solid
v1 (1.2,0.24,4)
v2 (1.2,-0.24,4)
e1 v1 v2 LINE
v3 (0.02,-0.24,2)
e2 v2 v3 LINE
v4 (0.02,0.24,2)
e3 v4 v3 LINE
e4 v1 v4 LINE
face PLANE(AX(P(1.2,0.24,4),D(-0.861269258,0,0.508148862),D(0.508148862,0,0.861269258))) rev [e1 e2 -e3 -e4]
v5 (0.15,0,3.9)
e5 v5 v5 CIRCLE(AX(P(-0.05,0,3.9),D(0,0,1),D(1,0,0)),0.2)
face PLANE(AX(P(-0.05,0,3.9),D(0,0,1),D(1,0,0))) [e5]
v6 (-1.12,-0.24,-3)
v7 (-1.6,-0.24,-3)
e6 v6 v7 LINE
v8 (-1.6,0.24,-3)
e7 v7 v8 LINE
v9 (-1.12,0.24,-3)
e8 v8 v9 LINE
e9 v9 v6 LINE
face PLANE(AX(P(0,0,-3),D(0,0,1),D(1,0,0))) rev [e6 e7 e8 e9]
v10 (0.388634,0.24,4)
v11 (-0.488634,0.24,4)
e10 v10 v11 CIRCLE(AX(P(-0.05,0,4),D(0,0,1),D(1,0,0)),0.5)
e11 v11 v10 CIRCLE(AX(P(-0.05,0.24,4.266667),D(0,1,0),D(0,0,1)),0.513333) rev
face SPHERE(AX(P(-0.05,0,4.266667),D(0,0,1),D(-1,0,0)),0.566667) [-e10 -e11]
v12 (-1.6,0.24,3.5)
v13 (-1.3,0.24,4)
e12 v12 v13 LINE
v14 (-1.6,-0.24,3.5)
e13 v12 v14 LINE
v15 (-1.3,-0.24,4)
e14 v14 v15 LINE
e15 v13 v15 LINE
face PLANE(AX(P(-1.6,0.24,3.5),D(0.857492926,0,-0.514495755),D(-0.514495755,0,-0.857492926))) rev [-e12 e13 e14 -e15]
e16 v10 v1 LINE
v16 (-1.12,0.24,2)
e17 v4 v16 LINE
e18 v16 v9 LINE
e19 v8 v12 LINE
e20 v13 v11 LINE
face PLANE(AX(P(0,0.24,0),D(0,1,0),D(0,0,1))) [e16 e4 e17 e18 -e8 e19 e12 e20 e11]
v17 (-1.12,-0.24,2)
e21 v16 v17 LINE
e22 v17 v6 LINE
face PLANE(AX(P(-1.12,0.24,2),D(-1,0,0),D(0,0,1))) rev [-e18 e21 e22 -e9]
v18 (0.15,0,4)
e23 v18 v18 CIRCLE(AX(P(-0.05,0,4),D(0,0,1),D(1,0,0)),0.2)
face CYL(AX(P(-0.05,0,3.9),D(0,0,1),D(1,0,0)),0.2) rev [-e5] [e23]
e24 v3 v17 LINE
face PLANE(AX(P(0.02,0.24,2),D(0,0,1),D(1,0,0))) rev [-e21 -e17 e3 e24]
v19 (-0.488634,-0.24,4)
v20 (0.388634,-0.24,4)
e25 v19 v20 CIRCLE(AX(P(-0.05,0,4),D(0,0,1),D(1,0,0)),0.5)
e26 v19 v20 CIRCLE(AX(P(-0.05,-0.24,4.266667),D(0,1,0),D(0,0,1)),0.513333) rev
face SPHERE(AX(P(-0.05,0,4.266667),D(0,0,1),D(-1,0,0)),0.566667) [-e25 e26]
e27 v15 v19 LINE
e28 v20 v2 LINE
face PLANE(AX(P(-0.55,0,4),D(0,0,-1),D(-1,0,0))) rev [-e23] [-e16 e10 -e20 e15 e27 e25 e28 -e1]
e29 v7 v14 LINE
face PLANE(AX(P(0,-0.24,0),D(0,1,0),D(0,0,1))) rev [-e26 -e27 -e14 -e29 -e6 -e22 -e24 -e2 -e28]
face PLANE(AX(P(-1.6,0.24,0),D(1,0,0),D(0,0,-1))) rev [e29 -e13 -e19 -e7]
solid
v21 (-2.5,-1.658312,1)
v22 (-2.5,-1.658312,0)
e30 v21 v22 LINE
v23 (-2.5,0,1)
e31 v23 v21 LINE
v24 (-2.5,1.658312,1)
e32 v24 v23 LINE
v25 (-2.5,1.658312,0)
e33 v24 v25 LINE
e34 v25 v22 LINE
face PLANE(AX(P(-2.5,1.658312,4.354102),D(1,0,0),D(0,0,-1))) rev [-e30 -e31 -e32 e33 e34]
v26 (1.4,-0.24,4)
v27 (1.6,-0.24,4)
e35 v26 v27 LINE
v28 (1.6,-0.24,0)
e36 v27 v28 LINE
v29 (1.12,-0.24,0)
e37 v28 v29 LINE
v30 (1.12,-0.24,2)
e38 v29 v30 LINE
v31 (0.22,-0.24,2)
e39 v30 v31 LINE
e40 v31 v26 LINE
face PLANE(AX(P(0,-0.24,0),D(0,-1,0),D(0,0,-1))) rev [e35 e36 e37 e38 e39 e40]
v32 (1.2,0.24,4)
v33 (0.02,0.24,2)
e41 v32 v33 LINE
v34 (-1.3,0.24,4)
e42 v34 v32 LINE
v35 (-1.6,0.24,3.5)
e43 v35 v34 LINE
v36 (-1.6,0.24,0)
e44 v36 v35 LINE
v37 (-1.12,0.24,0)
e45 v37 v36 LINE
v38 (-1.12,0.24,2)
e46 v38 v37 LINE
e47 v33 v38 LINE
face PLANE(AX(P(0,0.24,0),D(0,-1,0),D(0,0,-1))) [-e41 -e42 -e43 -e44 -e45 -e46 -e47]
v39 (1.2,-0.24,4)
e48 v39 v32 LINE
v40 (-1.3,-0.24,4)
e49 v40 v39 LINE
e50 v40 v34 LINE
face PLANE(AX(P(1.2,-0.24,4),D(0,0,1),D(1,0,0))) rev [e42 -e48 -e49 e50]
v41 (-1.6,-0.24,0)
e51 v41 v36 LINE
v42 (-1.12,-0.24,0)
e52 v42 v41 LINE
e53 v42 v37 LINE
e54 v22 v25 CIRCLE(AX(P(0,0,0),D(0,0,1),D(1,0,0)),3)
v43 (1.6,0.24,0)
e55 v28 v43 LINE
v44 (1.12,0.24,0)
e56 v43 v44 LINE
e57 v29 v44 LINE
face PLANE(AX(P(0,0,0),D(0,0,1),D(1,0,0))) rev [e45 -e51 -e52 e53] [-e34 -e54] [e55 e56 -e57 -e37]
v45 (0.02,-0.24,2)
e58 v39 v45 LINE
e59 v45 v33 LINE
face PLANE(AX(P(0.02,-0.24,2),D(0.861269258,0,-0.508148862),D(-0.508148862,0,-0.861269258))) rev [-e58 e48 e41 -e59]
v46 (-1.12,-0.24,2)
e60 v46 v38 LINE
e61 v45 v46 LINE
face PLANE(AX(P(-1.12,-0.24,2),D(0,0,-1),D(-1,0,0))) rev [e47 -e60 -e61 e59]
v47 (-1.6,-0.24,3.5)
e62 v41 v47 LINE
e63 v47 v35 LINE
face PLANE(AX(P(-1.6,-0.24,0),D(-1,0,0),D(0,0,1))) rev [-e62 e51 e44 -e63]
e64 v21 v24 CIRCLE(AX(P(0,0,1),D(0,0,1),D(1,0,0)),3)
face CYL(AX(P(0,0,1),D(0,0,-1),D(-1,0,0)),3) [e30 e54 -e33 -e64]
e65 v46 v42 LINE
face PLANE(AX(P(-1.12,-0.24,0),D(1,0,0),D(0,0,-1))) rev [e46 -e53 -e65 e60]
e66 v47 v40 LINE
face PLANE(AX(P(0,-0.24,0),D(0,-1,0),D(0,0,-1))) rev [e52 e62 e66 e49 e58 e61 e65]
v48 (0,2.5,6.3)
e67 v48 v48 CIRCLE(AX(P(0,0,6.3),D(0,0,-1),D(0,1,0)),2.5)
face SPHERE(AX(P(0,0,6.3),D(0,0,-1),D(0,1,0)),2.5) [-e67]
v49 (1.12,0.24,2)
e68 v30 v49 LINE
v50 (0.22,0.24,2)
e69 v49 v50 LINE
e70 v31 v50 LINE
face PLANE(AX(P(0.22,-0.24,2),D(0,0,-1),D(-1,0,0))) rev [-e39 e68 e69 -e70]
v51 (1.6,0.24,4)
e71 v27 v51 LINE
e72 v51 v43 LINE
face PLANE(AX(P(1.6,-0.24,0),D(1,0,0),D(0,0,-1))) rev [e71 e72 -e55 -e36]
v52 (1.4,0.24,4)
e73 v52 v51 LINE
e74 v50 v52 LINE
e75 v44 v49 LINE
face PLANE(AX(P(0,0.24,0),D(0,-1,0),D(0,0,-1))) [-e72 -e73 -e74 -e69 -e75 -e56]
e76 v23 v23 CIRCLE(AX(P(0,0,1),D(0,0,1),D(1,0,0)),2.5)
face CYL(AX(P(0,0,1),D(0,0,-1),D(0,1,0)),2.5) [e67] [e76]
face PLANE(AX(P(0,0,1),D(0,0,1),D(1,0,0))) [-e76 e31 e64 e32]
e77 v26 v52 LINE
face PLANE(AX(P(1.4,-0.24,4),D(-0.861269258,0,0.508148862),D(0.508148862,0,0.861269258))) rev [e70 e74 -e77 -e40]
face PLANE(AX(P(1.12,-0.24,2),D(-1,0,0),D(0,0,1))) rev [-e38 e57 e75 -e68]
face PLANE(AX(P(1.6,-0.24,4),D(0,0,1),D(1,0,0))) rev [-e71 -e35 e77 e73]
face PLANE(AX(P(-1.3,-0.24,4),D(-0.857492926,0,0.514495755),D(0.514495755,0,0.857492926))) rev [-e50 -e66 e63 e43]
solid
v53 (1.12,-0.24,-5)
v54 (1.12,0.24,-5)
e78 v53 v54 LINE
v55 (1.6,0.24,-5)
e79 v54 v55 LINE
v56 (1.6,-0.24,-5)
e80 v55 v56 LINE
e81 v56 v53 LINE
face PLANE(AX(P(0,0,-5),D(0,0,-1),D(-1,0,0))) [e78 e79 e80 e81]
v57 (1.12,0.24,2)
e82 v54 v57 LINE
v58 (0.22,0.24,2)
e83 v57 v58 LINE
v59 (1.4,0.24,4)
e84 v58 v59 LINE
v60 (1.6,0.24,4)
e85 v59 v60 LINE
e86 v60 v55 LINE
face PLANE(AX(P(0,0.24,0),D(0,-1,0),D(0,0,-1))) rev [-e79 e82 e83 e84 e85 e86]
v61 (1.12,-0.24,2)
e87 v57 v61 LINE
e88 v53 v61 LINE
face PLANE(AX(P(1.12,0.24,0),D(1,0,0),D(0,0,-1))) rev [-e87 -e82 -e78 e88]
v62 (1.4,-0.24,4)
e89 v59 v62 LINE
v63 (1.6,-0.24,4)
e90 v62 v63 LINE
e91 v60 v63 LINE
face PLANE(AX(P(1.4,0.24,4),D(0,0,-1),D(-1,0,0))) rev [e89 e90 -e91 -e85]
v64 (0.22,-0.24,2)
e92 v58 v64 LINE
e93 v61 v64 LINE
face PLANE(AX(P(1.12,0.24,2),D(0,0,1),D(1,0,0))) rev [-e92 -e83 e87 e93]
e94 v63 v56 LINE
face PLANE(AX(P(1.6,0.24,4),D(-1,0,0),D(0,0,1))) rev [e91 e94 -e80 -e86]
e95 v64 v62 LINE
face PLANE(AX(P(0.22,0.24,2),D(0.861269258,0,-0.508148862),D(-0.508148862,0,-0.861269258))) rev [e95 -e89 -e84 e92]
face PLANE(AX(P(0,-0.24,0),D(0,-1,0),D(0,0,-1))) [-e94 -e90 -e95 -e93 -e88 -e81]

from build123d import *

# Parameters (mm, degrees)
ESBO_O1_R                  = 3
RESSALTO_EXTRUS_O1_DEPTH   = 1
CORTE_EXTRUS_O1_DEPTH      = 1
ESBO_O5_W                  = 0.48
ESBO_O5_H                  = 0.48
RESSALTO_EXTRUS_O2_DEPTH   = 3
RESSALTO_EXTRUS_O2_2_DEPTH = 3
ESBO_O6_W                  = 0.48
ESBO_O6_H                  = 0.48
RESSALTO_EXTRUS_O3_DEPTH   = 2
CORTE_EXTRUS_O2_DEPTH      = 0.24
RESSALTO_EXTRUS_O4_DEPTH   = 0.24
RESSALTO_EXTRUS_O4_2_DEPTH = 0.24
ESBO_O12_R                 = 0.2
CORTE_EXTRUS_O3_DEPTH      = 0.1


with BuildPart() as part:
    # Esboço1 → Ressalto-extrusão1 (new body)
    with BuildSketch(Plane.XY):
        Circle(ESBO_O1_R)
    extrude(amount=RESSALTO_EXTRUS_O1_DEPTH)

    # Esboço3 → Revolução1 (revolve)
    with BuildSketch(Plane(origin=(0, 0, 0), x_dir=(0, 0, -1), z_dir=(1, 0, 0))):
        with BuildLine():
            Line((-1, 0), (-8.8, 0))
            ThreePointArc((-8.8, 0), (-8.067766953, 1.767766953), (-6.3, 2.5))
            Line((-6.3, 2.5), (-1, 2.5))
            Line((-1, 2.5), (-1, 0))
        make_face()
    revolve(axis=Axis((0, 0, 1), (0, 0, 1)))

    # Esboço4 → Corte-extrusão1 (cut)
    with BuildSketch(Plane(origin=(0, 0, 0), x_dir=(-1, 0, 0), z_dir=(0, 0, -1))):
        with BuildLine():
            Line((2.5, 1.658312395), (2.5, -1.658312395))
            ThreePointArc((2.5, -1.658312395), (3, 0), (2.5, 1.658312395))
        make_face()
    extrude(amount=-CORTE_EXTRUS_O1_DEPTH, mode=Mode.SUBTRACT)

    # Esboço7 → Corte-extrusão2 (cut, symmetric)
    with BuildSketch(Plane(origin=(0, 0, 0), x_dir=(1, 0, 0), z_dir=(0, 1, 0))):
        Polygon((-1.6, 0), (-1.6, -3.5), (-1.3, -4), (1.2, -4), (0.02, -2), (-1.12, -2), (-1.12, 0), align=None)
        Polygon((1.6, 0), (1.6, -4), (1.4, -4), (0.22, -2), (1.12, -2), (1.12, 0), align=None)
    extrude(amount=CORTE_EXTRUS_O2_DEPTH, both=True, mode=Mode.SUBTRACT)


with BuildPart() as body_2:
    # Esboço5 → Ressalto-extrusão2 (new body)
    with BuildSketch(Plane(origin=(0, 0, 0), x_dir=(-1, 0, 0), z_dir=(0, 0, -1))):
        with Locations((-1.36, 0)):
            Rectangle(ESBO_O5_W, ESBO_O5_H)
    extrude(amount=RESSALTO_EXTRUS_O2_DEPTH)


with BuildPart() as body_3:
    # Esboço5 → Ressalto-extrus_o2 2 (new body)
    with BuildSketch(Plane(origin=(0, 0, 0), x_dir=(-1, 0, 0), z_dir=(0, 0, -1))):
        with Locations((1.36, 0)):
            Rectangle(ESBO_O5_W, ESBO_O5_H)
    extrude(amount=RESSALTO_EXTRUS_O2_2_DEPTH)


with BuildPart() as body_4:
    # Esboço6 → Ressalto-extrusão3 (new body)
    with BuildSketch(Plane(origin=(0, 0, -3), x_dir=(-1, 0, 0), z_dir=(0, 0, -1))):
        with Locations((-1.36, 0)):
            Rectangle(ESBO_O6_W, ESBO_O6_H)
    extrude(amount=RESSALTO_EXTRUS_O3_DEPTH)


with BuildPart() as body_5:
    # Esboço8 → Ressalto-extrusão4 (new, symmetric)
    with BuildSketch(Plane(origin=(0, 0, 0), x_dir=(1, 0, 0), z_dir=(0, 1, 0))):
        Polygon((-1.3, -4), (1.2, -4), (0.02, -2), (-1.12, -2), (-1.12, 0), (-1.6, 0), (-1.6, -3.5), align=None)
    extrude(amount=RESSALTO_EXTRUS_O4_DEPTH, both=True)

    # Combinar2: union body 3
    add(body_3.part)

    # Esboço10 → Corte-Revolução1 (revolve, cut)
    with BuildSketch(Plane(origin=(0, 0, 0), x_dir=(1, 0, 0), z_dir=(0, 1, 0))):
        with BuildLine():
            Line((-0.05, -4), (-0.05, -3.7))
            ThreePointArc((-0.05, -3.7), (-0.341547595, -3.780754009), (-0.55, -4))
            Line((-0.55, -4), (-0.05, -4))
        make_face()
    revolve(axis=Axis((-0.05, 0, 4), (0, 0, -1)), mode=Mode.SUBTRACT)


with BuildPart() as body_6:
    # Esboço8 → Ressalto-extrus_o4 2 (new, symmetric)
    with BuildSketch(Plane(origin=(0, 0, 0), x_dir=(1, 0, 0), z_dir=(0, 1, 0))):
        Polygon((0.22, -2), (1.4, -4), (1.6, -4), (1.6, 0), (1.12, 0), (1.12, -2), align=None)
    extrude(amount=RESSALTO_EXTRUS_O4_2_DEPTH, both=True)

    # Combinar1: union body 4, body 2
    add(body_4.part)
    add(body_2.part)


with BuildPart() as body_4_2:
    # Esboço11 → Revolução2 (revolve)
    with BuildSketch(Plane(origin=(0, 0, 0), x_dir=(1, 0, 0), z_dir=(0, 1, 0))):
        with BuildLine():
            Line((-0.55, -4), (-0.05, -4))
            Line((-0.05, -4), (-0.05, -3.7))
            ThreePointArc((-0.05, -3.7), (-0.341547595, -3.780754009), (-0.55, -4))
        make_face()
    revolve(axis=Axis((-0.05, 0, 4), (0, 0, -1)))

    # Combinar3: union body 5
    add(body_5.part)

    # Esboço12 → Corte-extrusão3 (cut)
    with BuildSketch(Plane.XY.offset(4)):
        with Locations((-0.05, 0)):
            Circle(ESBO_O12_R)
    extrude(amount=-CORTE_EXTRUS_O3_DEPTH, mode=Mode.SUBTRACT)


solid = Compound([part.part, body_6.part, body_4_2.part])
